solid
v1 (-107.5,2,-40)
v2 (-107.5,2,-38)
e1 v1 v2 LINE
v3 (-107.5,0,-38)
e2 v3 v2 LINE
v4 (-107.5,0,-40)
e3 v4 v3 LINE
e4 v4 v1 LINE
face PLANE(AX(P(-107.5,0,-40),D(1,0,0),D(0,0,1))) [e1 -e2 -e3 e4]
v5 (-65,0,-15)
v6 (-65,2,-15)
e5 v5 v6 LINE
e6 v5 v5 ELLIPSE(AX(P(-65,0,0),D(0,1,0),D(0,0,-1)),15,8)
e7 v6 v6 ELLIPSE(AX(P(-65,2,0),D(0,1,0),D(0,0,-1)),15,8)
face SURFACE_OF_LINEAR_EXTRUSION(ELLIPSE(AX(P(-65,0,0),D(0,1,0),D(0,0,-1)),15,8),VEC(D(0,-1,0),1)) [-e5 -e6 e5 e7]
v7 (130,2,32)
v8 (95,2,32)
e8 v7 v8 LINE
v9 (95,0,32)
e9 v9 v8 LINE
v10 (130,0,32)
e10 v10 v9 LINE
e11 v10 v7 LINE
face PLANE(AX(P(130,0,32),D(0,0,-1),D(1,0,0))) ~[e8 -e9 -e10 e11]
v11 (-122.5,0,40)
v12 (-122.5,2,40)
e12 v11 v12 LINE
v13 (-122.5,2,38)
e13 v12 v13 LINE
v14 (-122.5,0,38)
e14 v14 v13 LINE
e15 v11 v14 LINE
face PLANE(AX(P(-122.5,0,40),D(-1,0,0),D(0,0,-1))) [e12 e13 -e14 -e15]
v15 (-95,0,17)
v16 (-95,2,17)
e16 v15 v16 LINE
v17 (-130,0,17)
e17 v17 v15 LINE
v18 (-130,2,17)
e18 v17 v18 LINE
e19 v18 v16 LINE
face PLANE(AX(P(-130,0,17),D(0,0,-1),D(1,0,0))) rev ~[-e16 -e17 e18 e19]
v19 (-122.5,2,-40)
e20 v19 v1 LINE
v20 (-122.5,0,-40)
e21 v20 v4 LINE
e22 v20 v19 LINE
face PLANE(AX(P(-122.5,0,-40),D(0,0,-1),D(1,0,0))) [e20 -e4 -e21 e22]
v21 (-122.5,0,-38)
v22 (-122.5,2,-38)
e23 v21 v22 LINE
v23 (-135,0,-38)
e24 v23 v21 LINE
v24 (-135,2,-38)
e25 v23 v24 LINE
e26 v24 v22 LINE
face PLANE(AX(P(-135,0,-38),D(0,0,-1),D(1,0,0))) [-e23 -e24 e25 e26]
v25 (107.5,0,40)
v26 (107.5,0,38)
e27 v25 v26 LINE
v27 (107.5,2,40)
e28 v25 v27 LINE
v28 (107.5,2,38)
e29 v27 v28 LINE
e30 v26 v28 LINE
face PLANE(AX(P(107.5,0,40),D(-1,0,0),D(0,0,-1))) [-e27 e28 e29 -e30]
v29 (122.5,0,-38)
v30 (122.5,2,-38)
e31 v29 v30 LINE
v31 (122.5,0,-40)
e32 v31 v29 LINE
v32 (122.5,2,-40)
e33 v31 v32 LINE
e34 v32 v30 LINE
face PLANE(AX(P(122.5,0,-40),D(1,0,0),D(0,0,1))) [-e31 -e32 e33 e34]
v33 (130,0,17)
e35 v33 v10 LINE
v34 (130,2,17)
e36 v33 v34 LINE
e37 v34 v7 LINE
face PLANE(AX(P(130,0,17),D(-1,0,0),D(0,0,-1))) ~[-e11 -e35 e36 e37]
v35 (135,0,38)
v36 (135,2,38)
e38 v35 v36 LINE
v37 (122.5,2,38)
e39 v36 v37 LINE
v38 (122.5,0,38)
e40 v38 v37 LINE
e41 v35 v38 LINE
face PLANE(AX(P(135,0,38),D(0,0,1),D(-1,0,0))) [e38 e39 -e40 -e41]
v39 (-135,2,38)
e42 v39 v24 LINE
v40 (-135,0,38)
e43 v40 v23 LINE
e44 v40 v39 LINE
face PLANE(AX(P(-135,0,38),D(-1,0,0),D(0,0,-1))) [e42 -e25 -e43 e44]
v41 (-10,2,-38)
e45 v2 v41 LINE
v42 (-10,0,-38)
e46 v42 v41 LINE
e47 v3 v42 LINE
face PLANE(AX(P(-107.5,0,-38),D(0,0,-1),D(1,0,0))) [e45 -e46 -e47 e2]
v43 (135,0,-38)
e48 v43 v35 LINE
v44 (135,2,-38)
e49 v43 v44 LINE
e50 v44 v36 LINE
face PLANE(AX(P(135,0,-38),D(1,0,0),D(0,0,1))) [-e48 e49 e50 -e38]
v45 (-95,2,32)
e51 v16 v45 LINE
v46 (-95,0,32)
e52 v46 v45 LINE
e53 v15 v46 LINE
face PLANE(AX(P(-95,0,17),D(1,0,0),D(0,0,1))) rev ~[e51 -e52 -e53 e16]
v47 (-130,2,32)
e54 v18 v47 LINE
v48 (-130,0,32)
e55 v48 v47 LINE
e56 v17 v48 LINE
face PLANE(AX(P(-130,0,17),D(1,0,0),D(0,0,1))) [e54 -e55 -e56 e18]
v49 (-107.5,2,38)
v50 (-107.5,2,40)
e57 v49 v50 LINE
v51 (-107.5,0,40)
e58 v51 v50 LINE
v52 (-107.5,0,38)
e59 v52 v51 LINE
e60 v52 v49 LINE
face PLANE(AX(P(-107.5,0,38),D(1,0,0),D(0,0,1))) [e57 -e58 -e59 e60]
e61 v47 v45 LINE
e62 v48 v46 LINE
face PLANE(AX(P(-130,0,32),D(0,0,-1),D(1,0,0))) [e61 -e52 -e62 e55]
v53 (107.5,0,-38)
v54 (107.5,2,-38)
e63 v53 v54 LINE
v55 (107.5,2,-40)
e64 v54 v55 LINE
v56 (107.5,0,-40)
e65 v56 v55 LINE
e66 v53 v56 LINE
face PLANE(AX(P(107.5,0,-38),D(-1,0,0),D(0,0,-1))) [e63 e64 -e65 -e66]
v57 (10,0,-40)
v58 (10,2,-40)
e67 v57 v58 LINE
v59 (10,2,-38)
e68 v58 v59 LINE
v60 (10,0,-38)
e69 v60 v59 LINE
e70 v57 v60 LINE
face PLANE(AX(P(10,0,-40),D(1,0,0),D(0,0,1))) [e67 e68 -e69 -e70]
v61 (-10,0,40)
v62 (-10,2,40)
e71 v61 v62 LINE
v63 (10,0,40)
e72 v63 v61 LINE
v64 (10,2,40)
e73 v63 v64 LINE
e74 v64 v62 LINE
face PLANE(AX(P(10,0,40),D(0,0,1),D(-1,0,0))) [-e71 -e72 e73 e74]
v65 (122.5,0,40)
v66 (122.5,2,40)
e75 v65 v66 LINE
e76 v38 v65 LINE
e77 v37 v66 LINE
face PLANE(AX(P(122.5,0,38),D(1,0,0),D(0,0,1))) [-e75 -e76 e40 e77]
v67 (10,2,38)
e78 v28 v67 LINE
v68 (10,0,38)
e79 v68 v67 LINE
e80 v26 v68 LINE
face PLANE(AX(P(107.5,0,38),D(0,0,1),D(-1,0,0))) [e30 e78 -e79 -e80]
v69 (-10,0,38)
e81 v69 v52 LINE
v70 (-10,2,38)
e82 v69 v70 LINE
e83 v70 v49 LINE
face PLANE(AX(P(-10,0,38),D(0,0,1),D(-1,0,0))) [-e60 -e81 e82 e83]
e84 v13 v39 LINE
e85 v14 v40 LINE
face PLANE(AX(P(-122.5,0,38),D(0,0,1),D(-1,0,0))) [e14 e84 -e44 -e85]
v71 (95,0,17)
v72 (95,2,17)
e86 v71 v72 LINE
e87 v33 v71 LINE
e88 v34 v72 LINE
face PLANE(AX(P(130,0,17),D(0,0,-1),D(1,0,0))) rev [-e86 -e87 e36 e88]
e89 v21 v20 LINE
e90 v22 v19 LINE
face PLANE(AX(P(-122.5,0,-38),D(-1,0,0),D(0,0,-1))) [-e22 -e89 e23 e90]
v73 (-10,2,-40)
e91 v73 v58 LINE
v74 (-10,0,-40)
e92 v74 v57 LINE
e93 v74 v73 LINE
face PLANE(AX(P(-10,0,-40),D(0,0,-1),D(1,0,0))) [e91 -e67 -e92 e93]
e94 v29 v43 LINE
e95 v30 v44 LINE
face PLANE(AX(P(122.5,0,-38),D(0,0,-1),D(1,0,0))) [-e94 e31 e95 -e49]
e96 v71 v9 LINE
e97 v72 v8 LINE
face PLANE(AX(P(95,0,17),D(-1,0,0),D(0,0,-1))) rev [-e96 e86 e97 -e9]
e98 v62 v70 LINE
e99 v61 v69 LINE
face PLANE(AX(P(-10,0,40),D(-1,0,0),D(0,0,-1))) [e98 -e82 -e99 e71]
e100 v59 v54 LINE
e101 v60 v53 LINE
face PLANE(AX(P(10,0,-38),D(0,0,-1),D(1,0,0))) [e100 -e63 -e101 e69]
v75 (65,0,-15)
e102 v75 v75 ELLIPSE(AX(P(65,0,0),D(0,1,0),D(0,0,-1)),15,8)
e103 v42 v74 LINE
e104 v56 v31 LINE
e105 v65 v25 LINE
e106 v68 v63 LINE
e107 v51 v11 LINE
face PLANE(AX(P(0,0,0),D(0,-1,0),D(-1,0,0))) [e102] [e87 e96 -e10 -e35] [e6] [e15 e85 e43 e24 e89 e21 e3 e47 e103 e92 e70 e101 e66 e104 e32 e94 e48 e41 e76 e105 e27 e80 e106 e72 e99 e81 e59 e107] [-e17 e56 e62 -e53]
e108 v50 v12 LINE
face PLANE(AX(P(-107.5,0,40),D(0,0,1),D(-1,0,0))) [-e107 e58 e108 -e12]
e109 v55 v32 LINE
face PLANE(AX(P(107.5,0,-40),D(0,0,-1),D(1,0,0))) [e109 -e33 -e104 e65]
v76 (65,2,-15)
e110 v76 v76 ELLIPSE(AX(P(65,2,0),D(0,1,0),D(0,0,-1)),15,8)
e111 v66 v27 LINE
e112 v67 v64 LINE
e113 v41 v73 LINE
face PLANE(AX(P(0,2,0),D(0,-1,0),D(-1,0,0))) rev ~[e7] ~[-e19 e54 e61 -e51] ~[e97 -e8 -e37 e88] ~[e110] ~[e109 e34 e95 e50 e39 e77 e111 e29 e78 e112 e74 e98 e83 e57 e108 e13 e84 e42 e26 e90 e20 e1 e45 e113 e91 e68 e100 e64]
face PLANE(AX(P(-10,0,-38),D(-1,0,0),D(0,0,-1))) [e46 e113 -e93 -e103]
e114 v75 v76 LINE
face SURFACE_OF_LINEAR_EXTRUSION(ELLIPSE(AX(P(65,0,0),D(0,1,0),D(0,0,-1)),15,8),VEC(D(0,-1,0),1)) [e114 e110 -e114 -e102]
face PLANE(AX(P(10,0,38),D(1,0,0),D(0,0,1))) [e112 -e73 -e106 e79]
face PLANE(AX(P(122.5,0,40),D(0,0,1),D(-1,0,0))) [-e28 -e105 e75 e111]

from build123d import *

# Parameters (mm, degrees)
SKETCH_1_RX         = 15
SKETCH_1_RY         = 8
EXTRUDE_1_DEPTH     = 2
SKETCH_2_W          = 35
SKETCH_2_H          = 15
CUT_EXTRUDE_1_DEPTH = 141.815482103


with BuildPart() as part:
    # 草图1 → 凸台-拉伸1 (new body)
    with BuildSketch(Plane(origin=(0, 0, 0), x_dir=(1, 0, 0), z_dir=(0, 1, 0))):
        Polygon((-107.5, 38), (-10, 38), (-10, 40), (10, 40), (10, 38), (107.5, 38), (107.5, 40), (122.5, 40), (122.5, 38), (135, 38), (135, -38), (122.5, -38), (122.5, -40), (107.5, -40), (107.5, -38), (10, -38), (10, -40), (-10, -40), (-10, -38), (-107.5, -38), (-107.5, -40), (-122.5, -40), (-122.5, -38), (-135, -38), (-135, 38), (-122.5, 38), (-122.5, 40), (-107.5, 40), align=None)
        with Locations(Location((-65, 0), (0, 0, 90))):
            Ellipse(SKETCH_1_RX, SKETCH_1_RY, mode=Mode.SUBTRACT)
        with Locations(Location((65, 0), (0, 0, 90))):
            Ellipse(SKETCH_1_RX, SKETCH_1_RY, mode=Mode.SUBTRACT)
    extrude(amount=EXTRUDE_1_DEPTH)

    # 草图2 → 切除-拉伸1 (cut, through all)
    with BuildSketch(Plane.XZ):
        with Locations((-112.5, 24.5)):
            Rectangle(SKETCH_2_W, SKETCH_2_H)
    cut_extrude_1 = extrude(amount=-CUT_EXTRUDE_1_DEPTH, mode=Mode.SUBTRACT)

    # 镜向1: 切除-拉伸1 across plane
    add(cut_extrude_1.mirror(Plane(origin=(0, 0, 0), x_dir=(0, 0, 1), z_dir=(1, 0, 0))), mode=Mode.SUBTRACT)


solid = part.part
